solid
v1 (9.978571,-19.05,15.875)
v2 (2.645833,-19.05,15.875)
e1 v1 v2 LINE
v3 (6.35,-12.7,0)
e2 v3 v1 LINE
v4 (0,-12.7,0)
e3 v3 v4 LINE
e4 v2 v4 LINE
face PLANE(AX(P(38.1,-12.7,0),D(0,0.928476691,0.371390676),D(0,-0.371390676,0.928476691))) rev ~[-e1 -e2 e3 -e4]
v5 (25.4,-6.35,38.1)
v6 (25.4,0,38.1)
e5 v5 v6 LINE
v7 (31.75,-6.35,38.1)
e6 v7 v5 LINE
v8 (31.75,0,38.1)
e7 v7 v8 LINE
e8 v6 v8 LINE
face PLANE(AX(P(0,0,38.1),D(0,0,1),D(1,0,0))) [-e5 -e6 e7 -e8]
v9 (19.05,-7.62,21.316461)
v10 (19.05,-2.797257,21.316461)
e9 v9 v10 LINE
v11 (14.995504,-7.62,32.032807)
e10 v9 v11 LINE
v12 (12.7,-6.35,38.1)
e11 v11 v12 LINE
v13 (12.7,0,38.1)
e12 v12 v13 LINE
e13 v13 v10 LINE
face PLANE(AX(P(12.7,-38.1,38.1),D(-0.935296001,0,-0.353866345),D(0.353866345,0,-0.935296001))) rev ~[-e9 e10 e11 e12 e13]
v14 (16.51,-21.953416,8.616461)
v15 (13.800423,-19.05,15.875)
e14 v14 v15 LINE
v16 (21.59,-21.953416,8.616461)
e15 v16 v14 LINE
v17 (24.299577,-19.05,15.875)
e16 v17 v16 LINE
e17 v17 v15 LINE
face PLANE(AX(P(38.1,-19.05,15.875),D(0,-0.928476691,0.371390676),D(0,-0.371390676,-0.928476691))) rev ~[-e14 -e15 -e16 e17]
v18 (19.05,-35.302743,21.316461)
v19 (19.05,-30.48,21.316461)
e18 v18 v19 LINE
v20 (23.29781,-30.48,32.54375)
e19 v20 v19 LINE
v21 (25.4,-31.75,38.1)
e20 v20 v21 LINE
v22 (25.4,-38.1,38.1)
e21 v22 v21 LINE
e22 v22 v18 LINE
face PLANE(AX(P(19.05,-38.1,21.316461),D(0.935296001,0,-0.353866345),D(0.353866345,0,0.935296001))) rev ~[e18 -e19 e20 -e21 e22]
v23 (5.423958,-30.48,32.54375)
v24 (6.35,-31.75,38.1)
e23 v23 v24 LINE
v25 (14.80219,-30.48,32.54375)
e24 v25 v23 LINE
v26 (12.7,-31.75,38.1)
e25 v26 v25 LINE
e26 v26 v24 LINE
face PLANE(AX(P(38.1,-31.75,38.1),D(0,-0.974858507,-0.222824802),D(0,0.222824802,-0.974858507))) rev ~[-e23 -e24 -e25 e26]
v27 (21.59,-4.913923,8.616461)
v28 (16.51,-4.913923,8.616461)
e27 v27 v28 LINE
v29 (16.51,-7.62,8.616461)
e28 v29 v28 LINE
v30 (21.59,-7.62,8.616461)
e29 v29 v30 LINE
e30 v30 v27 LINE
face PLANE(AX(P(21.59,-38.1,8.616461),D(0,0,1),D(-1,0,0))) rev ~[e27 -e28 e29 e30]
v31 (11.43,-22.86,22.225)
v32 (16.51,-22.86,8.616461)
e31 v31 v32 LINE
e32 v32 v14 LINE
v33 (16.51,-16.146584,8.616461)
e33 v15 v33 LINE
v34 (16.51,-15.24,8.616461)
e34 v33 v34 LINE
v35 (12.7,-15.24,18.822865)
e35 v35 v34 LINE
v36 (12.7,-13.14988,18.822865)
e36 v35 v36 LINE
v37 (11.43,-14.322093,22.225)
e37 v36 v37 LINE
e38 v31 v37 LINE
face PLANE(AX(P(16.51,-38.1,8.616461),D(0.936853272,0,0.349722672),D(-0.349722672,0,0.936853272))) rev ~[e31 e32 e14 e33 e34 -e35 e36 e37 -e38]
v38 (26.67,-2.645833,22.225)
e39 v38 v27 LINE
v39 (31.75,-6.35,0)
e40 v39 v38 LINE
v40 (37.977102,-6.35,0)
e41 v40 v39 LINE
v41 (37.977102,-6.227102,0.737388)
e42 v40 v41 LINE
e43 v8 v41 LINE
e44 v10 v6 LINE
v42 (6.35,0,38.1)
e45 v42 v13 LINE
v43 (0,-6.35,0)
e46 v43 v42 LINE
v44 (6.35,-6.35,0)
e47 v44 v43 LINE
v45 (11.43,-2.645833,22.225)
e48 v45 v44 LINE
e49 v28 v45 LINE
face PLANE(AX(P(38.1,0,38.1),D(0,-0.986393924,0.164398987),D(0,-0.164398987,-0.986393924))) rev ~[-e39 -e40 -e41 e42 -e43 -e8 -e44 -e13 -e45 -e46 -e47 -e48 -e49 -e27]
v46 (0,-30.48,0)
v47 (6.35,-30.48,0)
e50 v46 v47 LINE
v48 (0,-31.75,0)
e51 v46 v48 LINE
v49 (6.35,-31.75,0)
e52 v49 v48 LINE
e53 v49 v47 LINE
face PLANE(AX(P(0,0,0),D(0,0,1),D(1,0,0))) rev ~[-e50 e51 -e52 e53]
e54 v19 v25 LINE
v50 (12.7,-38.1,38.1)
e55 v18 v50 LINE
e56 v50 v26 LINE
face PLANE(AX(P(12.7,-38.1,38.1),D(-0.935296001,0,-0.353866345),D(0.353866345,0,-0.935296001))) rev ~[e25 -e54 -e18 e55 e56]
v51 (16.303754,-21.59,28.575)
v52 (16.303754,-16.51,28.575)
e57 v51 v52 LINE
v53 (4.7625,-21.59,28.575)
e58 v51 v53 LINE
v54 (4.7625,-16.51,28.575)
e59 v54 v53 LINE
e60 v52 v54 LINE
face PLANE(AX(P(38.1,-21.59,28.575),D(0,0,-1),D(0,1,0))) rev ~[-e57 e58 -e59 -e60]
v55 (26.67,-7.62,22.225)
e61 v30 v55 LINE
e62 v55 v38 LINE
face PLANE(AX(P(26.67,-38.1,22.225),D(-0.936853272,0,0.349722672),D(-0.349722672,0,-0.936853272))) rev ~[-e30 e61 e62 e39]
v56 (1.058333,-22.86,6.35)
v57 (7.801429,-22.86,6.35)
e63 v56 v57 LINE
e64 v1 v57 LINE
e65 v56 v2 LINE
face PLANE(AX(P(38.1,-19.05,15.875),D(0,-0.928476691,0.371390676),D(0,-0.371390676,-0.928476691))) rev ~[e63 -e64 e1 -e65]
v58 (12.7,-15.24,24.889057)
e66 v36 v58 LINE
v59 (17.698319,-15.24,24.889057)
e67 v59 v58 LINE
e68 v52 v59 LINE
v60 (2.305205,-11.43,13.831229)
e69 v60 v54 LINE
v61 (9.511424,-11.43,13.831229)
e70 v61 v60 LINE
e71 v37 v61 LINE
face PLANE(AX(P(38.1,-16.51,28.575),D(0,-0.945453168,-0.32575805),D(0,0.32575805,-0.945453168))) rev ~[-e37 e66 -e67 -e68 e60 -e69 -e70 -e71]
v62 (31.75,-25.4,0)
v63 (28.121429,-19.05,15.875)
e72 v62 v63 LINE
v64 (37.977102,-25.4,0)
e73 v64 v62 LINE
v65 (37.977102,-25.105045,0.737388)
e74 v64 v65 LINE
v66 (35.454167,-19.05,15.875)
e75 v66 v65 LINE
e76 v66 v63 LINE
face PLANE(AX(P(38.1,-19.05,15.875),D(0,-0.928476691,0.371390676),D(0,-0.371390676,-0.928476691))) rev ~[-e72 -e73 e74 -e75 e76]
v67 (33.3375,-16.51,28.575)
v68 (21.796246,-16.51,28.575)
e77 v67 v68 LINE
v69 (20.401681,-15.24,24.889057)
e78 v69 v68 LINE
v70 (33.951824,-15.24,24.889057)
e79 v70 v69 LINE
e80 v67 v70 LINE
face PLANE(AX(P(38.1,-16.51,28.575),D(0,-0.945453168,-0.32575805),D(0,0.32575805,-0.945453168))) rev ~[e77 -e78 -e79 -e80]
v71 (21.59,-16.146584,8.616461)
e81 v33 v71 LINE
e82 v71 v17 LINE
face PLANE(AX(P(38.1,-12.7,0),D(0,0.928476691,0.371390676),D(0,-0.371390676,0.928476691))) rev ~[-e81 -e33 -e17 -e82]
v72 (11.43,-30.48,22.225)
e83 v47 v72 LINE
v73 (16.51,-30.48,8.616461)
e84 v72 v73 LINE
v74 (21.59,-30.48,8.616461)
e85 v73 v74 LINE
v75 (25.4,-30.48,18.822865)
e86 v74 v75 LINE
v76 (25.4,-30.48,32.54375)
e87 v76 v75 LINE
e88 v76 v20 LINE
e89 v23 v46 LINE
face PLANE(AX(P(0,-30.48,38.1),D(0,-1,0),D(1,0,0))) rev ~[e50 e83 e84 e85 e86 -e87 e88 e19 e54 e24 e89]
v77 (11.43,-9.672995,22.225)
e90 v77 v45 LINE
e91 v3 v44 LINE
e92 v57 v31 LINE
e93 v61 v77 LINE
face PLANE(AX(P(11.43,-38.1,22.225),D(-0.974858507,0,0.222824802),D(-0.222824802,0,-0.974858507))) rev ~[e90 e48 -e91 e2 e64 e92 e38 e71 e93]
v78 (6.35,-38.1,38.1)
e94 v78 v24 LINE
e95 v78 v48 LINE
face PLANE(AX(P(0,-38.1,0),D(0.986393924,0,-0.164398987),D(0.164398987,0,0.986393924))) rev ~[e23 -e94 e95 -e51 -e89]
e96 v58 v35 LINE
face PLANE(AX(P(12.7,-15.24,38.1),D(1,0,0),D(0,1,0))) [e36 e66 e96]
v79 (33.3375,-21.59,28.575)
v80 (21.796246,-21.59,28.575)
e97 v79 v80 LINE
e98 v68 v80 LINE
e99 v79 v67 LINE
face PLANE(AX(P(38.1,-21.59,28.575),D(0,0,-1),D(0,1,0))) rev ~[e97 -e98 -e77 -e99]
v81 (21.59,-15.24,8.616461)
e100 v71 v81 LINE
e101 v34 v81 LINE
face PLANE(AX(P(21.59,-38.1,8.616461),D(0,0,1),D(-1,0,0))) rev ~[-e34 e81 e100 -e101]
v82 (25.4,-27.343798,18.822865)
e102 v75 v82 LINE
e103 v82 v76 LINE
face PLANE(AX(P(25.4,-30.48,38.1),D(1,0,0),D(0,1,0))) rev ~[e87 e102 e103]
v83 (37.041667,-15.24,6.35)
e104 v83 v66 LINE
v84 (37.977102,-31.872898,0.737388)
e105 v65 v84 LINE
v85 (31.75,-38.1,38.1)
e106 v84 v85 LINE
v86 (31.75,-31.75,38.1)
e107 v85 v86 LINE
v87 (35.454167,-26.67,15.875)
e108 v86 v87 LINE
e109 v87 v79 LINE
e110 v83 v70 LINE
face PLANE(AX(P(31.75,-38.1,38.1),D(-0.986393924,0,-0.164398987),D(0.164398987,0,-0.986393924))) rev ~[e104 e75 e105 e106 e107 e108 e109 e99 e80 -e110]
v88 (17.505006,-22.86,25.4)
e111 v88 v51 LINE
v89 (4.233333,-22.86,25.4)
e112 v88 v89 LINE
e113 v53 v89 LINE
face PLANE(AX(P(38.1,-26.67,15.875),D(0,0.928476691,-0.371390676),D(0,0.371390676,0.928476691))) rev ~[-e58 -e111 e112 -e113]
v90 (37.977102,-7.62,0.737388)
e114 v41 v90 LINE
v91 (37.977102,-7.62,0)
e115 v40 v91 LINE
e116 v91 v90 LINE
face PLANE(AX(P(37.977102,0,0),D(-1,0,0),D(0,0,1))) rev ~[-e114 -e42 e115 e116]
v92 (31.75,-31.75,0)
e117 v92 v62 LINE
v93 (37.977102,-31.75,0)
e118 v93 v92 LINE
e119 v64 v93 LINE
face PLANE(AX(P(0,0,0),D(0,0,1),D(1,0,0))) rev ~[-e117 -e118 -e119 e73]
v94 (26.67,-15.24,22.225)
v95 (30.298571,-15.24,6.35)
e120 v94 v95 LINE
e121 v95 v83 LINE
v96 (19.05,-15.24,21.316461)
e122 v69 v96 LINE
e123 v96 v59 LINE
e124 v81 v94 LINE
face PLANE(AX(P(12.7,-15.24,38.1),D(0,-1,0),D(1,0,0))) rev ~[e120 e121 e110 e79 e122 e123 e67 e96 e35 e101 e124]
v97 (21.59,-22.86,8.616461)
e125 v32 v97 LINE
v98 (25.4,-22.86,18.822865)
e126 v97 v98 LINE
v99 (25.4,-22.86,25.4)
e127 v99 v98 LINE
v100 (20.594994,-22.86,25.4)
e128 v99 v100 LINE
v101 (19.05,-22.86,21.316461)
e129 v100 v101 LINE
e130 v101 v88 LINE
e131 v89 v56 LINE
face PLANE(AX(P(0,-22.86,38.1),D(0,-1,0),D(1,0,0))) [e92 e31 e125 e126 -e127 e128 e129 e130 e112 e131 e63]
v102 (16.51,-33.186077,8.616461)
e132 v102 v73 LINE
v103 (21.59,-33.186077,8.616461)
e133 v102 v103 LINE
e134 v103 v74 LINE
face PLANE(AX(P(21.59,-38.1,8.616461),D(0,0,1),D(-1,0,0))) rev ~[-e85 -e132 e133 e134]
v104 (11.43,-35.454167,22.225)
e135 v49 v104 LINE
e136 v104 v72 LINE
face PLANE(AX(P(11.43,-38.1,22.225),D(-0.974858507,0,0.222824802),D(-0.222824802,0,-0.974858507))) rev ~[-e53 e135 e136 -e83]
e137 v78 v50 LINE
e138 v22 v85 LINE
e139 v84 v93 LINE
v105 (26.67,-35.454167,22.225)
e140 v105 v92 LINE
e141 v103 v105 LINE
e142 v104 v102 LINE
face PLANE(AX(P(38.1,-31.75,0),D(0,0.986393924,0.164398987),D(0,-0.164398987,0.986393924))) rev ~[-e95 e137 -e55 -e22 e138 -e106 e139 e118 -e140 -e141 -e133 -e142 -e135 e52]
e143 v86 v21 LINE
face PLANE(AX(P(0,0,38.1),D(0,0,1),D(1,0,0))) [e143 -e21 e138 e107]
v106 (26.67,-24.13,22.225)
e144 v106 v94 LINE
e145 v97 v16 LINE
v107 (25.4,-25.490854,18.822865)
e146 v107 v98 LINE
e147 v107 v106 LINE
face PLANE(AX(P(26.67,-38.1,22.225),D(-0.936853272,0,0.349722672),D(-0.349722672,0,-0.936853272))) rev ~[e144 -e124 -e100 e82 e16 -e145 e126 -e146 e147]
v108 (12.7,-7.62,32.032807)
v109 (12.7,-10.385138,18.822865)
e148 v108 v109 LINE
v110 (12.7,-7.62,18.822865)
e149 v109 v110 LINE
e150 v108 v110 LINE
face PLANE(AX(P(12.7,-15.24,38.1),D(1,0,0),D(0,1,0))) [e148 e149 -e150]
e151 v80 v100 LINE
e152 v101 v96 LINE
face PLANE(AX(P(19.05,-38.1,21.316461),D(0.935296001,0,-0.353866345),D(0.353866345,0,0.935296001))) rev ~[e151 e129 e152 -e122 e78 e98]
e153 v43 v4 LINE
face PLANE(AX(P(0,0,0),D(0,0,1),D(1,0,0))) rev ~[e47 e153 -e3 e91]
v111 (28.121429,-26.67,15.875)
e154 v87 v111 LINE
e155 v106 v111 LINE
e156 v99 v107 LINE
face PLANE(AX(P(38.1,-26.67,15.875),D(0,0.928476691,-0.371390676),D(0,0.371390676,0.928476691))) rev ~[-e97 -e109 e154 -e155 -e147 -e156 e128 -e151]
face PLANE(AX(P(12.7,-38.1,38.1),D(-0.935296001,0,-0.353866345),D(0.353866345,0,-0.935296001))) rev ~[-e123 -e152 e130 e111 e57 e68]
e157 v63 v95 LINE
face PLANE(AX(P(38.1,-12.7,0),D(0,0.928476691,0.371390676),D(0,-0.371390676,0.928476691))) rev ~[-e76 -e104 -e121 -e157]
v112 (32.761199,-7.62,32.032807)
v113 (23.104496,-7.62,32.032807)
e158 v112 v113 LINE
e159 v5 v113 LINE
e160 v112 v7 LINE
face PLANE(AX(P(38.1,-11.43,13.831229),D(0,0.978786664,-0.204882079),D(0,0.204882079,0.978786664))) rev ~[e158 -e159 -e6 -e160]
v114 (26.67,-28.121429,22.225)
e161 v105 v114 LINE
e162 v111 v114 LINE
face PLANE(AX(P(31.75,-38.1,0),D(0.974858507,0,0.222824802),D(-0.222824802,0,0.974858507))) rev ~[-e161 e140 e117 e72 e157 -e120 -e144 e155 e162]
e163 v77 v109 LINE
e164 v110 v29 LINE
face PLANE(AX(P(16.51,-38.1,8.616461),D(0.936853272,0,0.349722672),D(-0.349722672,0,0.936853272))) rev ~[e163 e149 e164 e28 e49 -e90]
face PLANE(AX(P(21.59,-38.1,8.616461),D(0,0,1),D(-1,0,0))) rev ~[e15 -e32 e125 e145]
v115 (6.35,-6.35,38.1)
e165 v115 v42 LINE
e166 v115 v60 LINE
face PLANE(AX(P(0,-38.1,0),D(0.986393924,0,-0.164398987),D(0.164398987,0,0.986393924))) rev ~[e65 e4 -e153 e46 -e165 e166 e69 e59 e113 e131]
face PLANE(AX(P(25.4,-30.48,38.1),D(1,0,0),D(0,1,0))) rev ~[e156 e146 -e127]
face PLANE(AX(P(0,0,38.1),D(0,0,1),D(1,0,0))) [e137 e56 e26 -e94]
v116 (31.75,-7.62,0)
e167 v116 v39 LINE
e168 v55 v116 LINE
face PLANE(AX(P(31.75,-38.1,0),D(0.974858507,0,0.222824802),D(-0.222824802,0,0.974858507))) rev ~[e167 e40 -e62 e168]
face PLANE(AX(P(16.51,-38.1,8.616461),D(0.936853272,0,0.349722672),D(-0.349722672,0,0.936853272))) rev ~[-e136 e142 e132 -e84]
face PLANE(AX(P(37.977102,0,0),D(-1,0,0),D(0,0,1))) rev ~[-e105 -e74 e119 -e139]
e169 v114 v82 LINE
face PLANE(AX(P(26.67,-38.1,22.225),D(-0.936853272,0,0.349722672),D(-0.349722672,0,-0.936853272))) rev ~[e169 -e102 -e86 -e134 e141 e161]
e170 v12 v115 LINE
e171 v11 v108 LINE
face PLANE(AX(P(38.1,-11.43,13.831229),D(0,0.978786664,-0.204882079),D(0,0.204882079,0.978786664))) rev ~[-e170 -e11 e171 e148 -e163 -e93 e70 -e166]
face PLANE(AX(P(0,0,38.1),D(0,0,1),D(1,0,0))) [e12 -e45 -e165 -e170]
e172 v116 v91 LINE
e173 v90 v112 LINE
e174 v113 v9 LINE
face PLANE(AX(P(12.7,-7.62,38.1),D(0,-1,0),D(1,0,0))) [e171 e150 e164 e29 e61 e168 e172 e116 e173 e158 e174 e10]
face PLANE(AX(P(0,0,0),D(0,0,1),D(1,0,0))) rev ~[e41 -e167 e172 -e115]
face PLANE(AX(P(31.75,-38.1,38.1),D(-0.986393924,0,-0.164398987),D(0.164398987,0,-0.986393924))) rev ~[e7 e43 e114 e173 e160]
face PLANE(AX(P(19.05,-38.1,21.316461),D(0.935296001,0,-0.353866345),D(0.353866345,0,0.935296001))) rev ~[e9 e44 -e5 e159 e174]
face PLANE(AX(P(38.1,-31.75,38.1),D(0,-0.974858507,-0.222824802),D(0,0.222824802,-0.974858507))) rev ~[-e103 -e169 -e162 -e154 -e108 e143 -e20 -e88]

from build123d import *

# Parameters (mm, degrees)
F0_W      = 37.977102
F0_H      = 38.1
F1_DEPTH  = 38.1
F6_DEPTH  = 38.1
F8_DEPTH  = 38.1
F9_W      = 25.4
F9_H      = 7.62
F10_DEPTH = 38.1


with BuildPart() as f1:
    # F0 (on Front) → F1 (new body)
    with BuildSketch(Plane.XZ):
        with Locations((18.988551, 19.05)):
            Rectangle(F0_W, F0_H)
    extrude(amount=F1_DEPTH)

    # F5 (on offset) → F6 (cut)
    with BuildSketch(Plane.YZ.offset(38.1)):
        Polygon((-31.75, 0), (-38.1, 38.1), (-38.1, 0), align=None)
        Polygon((-11.43, 13.831229), (-6.35, 38.1), (-31.75, 38.1), (-26.67, 15.875), (-21.59, 28.575), (-16.51, 28.575), align=None)
        Polygon((-19.05, 0), (-12.7, 0), (-19.05, 15.875), (-25.4, 0), align=None)
        Polygon((0, 0), (0, 38.1), (-6.35, 0), align=None)
    extrude(amount=-F6_DEPTH, mode=Mode.SUBTRACT)

    # F7 (on offset) → F8 (cut)
    with BuildSketch(Plane.XZ.offset(38.1)):
        Polygon((11.43, 22.225), (6.35, 0), (31.75, 0), (26.67, 22.225), (21.59, 8.616461), (16.51, 8.616461), align=None)
        Polygon((25.4, 38.1), (12.7, 38.1), (19.05, 21.316461), align=None)
        Polygon((0, 38.1), (0, 0), (6.35, 38.1), align=None)
        Polygon((31.75, 38.1), (38.1, 0), (38.1, 38.1), align=None)
    extrude(amount=-F8_DEPTH, mode=Mode.SUBTRACT)

    # F9 (on offset) → F10 (cut)
    with BuildSketch(Plane.XY.offset(38.1)):
        with Locations((25.4, -11.43)):
            Rectangle(F9_W, F9_H)
        with Locations((12.7, -26.67)):
            Rectangle(F9_W, F9_H)
    extrude(amount=-F10_DEPTH, mode=Mode.SUBTRACT)


solid = f1.part
